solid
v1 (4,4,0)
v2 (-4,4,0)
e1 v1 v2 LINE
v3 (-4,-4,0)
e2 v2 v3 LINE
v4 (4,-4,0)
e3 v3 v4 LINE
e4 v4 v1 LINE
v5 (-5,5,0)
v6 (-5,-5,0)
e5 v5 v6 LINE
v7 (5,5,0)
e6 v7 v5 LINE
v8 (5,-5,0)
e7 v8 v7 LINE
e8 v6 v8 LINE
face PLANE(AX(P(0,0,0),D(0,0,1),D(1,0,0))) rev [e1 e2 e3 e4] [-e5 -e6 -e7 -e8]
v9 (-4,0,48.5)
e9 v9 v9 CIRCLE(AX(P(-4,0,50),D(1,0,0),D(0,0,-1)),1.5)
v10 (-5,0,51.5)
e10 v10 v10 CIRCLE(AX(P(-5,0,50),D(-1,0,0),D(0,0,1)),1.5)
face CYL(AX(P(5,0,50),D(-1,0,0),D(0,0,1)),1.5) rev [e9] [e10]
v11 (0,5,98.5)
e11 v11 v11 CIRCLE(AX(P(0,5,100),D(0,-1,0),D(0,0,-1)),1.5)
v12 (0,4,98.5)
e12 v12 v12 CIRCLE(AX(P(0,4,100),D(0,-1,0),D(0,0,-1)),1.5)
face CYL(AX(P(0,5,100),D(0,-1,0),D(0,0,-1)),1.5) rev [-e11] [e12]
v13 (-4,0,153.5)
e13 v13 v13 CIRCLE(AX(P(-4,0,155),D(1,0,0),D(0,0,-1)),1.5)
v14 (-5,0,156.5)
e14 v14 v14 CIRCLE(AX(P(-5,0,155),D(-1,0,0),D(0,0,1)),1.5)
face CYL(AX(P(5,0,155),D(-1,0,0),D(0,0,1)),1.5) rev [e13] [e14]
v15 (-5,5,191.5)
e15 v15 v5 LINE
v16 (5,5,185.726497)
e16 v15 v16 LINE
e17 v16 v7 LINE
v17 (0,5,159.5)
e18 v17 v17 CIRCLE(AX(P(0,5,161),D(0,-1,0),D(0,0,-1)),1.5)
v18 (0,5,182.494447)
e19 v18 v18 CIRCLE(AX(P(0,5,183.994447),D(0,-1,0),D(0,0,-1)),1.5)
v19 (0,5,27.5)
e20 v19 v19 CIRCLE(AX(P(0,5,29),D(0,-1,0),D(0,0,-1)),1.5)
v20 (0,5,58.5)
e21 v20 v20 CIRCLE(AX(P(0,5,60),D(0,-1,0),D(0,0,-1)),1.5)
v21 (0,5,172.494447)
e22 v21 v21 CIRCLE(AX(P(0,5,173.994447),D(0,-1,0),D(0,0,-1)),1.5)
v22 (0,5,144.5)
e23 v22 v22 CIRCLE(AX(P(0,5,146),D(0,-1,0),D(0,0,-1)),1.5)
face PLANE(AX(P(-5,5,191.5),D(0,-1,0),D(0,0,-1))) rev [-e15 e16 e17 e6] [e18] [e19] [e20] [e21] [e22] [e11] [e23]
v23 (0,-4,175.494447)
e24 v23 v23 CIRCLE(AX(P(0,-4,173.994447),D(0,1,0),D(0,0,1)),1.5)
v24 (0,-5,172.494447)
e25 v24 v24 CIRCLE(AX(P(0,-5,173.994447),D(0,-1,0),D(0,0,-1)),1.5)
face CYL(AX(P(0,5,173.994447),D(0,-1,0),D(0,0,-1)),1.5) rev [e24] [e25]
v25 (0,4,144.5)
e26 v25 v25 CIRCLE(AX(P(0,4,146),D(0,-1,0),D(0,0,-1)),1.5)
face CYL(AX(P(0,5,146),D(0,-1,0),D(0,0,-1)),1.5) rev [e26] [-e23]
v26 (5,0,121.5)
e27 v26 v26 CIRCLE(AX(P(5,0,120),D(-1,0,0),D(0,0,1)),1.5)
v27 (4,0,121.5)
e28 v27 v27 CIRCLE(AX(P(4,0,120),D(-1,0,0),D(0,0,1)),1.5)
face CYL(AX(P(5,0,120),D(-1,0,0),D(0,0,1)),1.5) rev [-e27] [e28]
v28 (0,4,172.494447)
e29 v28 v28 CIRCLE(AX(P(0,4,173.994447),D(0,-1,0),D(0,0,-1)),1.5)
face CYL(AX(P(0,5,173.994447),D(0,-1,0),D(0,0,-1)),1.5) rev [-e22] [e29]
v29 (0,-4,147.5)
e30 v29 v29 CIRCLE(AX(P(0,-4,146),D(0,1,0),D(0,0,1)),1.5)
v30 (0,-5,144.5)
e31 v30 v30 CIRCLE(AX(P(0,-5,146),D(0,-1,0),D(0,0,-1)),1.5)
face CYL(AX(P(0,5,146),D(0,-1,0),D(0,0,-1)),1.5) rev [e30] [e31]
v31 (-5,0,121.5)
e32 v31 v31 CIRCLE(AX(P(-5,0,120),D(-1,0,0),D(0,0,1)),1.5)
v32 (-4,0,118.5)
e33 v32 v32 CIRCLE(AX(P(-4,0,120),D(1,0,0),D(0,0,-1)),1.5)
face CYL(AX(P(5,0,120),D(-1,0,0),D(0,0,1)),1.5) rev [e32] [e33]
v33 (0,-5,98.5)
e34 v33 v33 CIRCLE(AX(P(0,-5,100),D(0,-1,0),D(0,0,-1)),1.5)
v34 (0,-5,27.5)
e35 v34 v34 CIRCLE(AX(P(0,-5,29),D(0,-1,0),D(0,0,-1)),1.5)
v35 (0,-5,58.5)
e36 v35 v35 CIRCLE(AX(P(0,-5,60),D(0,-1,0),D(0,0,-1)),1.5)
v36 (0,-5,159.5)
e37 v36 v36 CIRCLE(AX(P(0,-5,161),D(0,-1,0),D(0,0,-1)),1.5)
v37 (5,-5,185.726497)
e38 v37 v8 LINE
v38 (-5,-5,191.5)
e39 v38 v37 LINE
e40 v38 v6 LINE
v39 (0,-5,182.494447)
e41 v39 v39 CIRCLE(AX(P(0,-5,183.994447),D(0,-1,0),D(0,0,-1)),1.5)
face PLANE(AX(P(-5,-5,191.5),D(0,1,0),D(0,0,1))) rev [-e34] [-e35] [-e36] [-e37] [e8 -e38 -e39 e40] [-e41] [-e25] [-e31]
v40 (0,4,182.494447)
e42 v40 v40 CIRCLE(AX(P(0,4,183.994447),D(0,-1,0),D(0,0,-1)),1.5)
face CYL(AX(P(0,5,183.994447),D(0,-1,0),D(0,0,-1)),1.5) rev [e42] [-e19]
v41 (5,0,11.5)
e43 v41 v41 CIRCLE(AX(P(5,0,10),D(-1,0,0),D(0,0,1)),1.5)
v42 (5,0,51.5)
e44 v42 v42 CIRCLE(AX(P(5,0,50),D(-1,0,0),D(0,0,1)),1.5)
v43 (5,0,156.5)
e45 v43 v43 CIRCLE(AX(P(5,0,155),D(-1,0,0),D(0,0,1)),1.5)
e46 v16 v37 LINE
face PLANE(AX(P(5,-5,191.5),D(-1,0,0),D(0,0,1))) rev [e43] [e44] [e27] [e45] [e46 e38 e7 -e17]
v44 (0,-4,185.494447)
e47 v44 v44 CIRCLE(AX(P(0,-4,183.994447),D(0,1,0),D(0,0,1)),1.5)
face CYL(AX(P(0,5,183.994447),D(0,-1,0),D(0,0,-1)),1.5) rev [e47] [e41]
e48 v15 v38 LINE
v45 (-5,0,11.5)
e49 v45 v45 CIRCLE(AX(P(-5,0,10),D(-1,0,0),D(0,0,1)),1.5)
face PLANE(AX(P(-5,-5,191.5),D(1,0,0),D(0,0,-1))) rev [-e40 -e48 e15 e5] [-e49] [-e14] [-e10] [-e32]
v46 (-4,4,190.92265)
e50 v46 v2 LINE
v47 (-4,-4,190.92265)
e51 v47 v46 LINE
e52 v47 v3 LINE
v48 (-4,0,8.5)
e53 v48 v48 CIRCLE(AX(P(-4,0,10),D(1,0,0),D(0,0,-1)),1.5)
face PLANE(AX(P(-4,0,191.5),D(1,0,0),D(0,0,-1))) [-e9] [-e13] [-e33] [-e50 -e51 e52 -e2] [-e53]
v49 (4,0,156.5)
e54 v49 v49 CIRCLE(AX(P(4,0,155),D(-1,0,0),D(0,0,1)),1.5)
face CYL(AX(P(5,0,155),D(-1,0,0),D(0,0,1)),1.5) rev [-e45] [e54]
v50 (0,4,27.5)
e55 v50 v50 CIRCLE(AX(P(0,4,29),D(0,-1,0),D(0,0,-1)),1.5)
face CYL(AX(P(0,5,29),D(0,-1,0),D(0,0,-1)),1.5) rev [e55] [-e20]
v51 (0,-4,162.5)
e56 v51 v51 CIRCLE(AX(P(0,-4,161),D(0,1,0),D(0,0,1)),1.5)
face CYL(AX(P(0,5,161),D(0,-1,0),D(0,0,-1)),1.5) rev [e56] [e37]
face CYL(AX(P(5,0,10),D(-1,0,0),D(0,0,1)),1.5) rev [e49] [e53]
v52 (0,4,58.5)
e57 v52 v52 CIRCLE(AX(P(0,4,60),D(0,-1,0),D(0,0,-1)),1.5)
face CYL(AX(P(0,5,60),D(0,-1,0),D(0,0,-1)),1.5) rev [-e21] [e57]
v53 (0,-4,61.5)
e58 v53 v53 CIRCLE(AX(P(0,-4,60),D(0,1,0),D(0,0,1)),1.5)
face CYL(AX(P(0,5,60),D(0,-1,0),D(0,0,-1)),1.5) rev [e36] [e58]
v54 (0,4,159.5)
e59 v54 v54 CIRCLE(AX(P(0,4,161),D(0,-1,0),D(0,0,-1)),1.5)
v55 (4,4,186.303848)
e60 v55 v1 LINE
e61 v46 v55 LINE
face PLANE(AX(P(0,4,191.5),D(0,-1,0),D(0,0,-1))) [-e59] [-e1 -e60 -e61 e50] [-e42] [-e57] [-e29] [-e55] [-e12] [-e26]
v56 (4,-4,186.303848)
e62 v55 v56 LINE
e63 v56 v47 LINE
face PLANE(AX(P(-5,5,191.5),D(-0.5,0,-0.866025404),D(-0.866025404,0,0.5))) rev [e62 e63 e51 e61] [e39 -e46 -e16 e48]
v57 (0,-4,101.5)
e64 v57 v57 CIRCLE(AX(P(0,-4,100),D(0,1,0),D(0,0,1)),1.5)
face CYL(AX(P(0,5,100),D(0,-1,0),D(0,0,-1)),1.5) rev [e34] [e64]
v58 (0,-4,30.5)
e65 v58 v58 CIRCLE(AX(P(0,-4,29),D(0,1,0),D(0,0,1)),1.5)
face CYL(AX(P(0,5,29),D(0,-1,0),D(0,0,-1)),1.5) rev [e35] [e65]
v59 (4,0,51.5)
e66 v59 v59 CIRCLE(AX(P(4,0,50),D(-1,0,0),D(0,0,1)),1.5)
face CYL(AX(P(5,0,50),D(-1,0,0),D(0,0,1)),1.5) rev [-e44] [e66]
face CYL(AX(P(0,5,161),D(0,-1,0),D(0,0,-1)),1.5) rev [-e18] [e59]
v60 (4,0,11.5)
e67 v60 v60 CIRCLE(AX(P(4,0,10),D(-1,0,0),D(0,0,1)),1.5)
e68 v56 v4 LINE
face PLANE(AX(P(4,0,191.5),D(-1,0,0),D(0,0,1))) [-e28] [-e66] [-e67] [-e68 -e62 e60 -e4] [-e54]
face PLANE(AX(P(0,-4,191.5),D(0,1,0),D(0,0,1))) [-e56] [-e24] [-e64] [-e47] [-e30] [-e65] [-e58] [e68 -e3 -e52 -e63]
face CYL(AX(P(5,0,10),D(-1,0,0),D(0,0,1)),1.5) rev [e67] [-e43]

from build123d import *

# Parameters (mm, degrees)
SKETCH_1_W          = 10
SKETCH_1_H          = 10
SKETCH_1_W_2        = 8
SKETCH_1_H_2        = 8
EXTRUDE_1_DEPTH     = 191.5
SKETCH_2_R          = 1.5
CUT_EXTRUDE_1_DEPTH = 11
SKETCH_3_R          = 1.5
CUT_EXTRUDE_2_DEPTH = 11


with BuildPart() as part:
    # 草图1 → 拉伸-薄壁1 (new body)
    with BuildSketch(Plane.XY):
        Rectangle(SKETCH_1_W, SKETCH_1_H)
        Rectangle(SKETCH_1_W_2, SKETCH_1_H_2, mode=Mode.SUBTRACT)
    extrude(amount=EXTRUDE_1_DEPTH)

    # 草图2 → 切除-拉伸1 (cut, through all)
    with BuildSketch(Plane.XZ.offset(5)):
        with Locations((0, 183.994446501)):
            Circle(SKETCH_2_R)
        with Locations((0, 29)):
            Circle(SKETCH_2_R)
        with Locations((0, 173.994446501)):
            Circle(SKETCH_2_R)
        with Locations((0, 100)):
            Circle(SKETCH_2_R)
        with Locations((0, 60)):
            Circle(SKETCH_2_R)
        with Locations((0, 146)):
            Circle(SKETCH_2_R)
        with Locations((0, 161)):
            Circle(SKETCH_2_R)
        Polygon((-5, 191.5), (5, 185.726497308), (5, 191.5), align=None)
    extrude(amount=-CUT_EXTRUDE_1_DEPTH, mode=Mode.SUBTRACT)

    # 草图3 → 切除-拉伸2 (cut, through all)
    with BuildSketch(Plane.ZY.offset(5)):
        with Locations((50, 0)):
            Circle(SKETCH_3_R)
        with Locations((120, 0)):
            Circle(SKETCH_3_R)
        with Locations((10, 0)):
            Circle(SKETCH_3_R)
        with Locations((155, 0)):
            Circle(SKETCH_3_R)
    extrude(amount=-CUT_EXTRUDE_2_DEPTH, mode=Mode.SUBTRACT)


solid = part.part
